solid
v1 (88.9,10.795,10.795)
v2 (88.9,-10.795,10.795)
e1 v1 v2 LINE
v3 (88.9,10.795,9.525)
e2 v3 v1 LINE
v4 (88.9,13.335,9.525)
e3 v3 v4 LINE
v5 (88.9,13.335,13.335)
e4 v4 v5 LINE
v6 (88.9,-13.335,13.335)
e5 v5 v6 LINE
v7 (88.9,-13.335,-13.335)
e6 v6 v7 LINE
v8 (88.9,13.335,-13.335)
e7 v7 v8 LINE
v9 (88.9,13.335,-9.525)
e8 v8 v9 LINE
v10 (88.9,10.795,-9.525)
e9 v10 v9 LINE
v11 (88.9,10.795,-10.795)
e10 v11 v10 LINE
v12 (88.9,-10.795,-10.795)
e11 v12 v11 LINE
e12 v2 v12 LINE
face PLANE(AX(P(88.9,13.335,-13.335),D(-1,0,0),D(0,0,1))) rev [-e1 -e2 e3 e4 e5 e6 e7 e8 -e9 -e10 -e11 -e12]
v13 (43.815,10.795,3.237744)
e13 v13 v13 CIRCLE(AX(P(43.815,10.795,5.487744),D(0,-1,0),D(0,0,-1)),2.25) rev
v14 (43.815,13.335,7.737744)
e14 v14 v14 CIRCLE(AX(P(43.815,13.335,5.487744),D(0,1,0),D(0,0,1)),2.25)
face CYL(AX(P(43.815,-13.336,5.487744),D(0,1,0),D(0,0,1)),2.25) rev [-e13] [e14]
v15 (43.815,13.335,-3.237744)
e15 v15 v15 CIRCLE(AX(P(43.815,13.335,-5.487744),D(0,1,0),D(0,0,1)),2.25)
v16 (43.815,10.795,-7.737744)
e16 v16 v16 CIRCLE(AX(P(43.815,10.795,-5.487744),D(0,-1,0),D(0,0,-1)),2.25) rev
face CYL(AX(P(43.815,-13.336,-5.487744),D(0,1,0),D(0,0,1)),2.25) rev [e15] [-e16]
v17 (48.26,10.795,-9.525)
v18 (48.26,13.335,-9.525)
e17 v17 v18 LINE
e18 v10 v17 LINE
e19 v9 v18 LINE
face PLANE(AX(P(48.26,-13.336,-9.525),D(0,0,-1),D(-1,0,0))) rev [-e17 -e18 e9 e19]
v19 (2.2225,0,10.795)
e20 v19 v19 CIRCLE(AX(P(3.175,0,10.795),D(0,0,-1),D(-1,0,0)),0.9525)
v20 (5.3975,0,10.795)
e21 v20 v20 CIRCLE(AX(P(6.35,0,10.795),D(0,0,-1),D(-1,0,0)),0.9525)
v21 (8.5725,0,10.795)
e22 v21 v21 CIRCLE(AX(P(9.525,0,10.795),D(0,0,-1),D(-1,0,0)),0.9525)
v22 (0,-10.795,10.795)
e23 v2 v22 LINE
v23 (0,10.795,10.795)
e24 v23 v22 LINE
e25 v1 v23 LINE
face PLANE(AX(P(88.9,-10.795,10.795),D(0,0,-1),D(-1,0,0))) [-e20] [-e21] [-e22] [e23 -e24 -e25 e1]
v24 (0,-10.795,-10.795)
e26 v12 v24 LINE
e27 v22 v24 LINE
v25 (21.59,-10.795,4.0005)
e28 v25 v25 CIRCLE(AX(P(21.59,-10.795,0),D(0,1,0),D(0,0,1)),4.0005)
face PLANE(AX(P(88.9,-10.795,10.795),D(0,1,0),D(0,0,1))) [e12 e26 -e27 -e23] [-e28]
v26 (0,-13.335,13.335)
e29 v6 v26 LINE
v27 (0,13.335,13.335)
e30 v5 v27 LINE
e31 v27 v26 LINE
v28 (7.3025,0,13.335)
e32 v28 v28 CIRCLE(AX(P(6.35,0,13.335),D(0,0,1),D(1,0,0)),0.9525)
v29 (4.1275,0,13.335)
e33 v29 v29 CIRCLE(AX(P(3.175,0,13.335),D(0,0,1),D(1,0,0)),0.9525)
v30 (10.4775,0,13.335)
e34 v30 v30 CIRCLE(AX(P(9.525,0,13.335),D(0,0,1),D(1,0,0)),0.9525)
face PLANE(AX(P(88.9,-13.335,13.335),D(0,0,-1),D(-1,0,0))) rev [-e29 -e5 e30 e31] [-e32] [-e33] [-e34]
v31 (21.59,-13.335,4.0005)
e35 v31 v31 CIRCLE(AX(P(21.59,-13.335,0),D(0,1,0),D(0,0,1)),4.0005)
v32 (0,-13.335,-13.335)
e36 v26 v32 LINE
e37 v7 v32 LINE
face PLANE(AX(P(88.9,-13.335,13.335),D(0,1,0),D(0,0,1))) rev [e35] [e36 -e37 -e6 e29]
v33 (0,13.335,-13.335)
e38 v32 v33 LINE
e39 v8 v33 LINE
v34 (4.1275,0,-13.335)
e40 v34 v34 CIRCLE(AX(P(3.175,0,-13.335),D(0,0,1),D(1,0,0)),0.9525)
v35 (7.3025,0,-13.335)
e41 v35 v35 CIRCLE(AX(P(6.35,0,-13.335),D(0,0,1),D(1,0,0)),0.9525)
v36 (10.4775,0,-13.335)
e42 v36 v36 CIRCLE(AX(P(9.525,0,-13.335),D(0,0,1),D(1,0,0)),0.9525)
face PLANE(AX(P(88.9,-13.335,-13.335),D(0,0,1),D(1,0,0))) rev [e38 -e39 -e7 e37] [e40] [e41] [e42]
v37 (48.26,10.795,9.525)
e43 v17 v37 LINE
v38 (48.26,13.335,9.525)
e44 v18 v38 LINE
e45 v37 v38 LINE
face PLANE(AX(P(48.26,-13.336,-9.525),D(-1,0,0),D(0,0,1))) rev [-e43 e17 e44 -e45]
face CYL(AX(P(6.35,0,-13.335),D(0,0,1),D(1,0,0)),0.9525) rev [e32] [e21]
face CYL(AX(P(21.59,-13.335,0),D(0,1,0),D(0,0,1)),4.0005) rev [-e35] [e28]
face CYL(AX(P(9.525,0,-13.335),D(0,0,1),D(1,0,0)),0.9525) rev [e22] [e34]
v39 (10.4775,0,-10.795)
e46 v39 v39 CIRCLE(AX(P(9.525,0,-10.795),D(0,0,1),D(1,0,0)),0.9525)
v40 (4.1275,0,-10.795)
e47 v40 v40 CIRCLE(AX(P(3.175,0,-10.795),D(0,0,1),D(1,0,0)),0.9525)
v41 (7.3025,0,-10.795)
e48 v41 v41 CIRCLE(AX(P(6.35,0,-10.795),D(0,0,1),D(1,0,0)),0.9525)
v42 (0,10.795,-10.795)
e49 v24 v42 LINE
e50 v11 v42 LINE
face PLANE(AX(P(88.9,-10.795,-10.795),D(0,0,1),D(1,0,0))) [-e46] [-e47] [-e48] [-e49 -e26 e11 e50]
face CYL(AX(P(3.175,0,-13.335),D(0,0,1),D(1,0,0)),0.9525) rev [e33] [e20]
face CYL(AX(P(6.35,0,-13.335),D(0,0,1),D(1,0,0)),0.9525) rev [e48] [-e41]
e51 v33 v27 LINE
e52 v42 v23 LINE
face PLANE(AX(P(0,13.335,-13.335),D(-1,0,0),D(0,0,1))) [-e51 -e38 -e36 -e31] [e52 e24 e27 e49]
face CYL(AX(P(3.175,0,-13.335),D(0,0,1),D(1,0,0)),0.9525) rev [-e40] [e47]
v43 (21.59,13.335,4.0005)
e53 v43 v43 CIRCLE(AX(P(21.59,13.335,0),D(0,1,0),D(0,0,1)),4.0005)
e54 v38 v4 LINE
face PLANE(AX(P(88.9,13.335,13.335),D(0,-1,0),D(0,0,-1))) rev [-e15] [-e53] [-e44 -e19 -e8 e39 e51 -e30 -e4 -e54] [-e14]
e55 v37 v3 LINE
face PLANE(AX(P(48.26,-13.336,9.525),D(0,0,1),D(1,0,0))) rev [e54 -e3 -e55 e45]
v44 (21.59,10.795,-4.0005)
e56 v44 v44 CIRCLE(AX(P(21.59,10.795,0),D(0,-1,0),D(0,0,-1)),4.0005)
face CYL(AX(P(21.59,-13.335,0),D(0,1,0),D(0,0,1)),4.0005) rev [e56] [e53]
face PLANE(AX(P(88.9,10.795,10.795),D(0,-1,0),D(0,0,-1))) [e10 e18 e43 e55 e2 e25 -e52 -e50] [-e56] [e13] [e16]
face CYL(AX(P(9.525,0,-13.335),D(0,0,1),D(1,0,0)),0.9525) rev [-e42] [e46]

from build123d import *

# Parameters (mm, degrees)
SKETCH1_W           = 26.67
SKETCH1_H           = 26.67
SKETCH1_W_2         = 21.59
SKETCH1_H_2         = 21.59
BOSS_EXTRUDE1_DEPTH = 88.9
SKETCH2_R           = 4.0005
CUT_EXTRUDE1_DEPTH  = 94.767377723
CUT_EXTRUDE2_REACH  = 95.767
SKETCH3_R           = 2.25
SKETCH3_W           = 40.64
SKETCH3_H           = 19.05
SKETCH4_R           = 0.9525
CUT_EXTRUDE3_DEPTH  = 94.767377723


with BuildPart() as part:
    # Sketch1 → Boss-Extrude1 (new body)
    with BuildSketch(Plane(origin=(0, 0, 0), x_dir=(0, 0, -1), z_dir=(1, 0, 0))):
        Rectangle(SKETCH1_W, SKETCH1_H)
        Rectangle(SKETCH1_W_2, SKETCH1_H_2, mode=Mode.SUBTRACT)
    extrude(amount=BOSS_EXTRUDE1_DEPTH)

    # Sketch2 → Cut-Extrude1 (cut, through all)
    with BuildSketch(Plane(origin=(0, 13.335, 0), x_dir=(1, 0, 0), z_dir=(0, 1, 0))):
        with Locations(Location((21.59, 0, 0), (0, 0, 270))):
            Circle(SKETCH2_R)
    extrude(amount=-CUT_EXTRUDE1_DEPTH, mode=Mode.SUBTRACT)

    # Sketch3 → Cut-Extrude2 (cut, up to next)
    with BuildSketch(Plane(origin=(0, 13.335, 0), x_dir=(1, 0, 0), z_dir=(0, 1, 0)), mode=Mode.PRIVATE) as cut_extrude2_sk1:
        with Locations(Location((43.815, 5.487743894, 0), (0, 0, 270))):
            Circle(SKETCH3_R)
    cut_extrude2_tool1 = extrude(cut_extrude2_sk1.sketch, amount=-CUT_EXTRUDE2_REACH, mode=Mode.PRIVATE) & part.part
    # Sketch3 → Cut-Extrude2 (cut, up to next)
    with BuildSketch(Plane(origin=(0, 13.335, 0), x_dir=(1, 0, 0), z_dir=(0, 1, 0)), mode=Mode.PRIVATE) as cut_extrude2_sk2:
        with Locations(Location((43.815, -5.487743894, 0), (0, 0, 270))):
            Circle(SKETCH3_R)
    cut_extrude2_tool2 = extrude(cut_extrude2_sk2.sketch, amount=-CUT_EXTRUDE2_REACH, mode=Mode.PRIVATE) & part.part
    # Sketch3 → Cut-Extrude2 (cut, up to next)
    with BuildSketch(Plane(origin=(0, 13.335, 0), x_dir=(1, 0, 0), z_dir=(0, 1, 0)), mode=Mode.PRIVATE) as cut_extrude2_sk3:
        with Locations((68.58, 0)):
            Rectangle(SKETCH3_W, SKETCH3_H)
    cut_extrude2_tool3 = extrude(cut_extrude2_sk3.sketch, amount=-CUT_EXTRUDE2_REACH, mode=Mode.PRIVATE) & part.part
    add(cut_extrude2_tool1.solids().sort_by_distance((43.815, 13.335, -5.487744))[0], mode=Mode.SUBTRACT)
    add(cut_extrude2_tool2.solids().sort_by_distance((43.815, 13.335, 5.487744))[0], mode=Mode.SUBTRACT)
    add(cut_extrude2_tool3.solids().sort_by_distance((68.58, 13.335, 0))[0], mode=Mode.SUBTRACT)

    # Sketch4 → Cut-Extrude3 (cut, through all)
    with BuildSketch(Plane.XY.offset(13.335)):
        with Locations((6.35, 0)):
            Circle(SKETCH4_R)
        with Locations((3.175, 0)):
            Circle(SKETCH4_R)
        with Locations((9.525, 0)):
            Circle(SKETCH4_R)
    extrude(amount=-CUT_EXTRUDE3_DEPTH, mode=Mode.SUBTRACT)


solid = part.part
